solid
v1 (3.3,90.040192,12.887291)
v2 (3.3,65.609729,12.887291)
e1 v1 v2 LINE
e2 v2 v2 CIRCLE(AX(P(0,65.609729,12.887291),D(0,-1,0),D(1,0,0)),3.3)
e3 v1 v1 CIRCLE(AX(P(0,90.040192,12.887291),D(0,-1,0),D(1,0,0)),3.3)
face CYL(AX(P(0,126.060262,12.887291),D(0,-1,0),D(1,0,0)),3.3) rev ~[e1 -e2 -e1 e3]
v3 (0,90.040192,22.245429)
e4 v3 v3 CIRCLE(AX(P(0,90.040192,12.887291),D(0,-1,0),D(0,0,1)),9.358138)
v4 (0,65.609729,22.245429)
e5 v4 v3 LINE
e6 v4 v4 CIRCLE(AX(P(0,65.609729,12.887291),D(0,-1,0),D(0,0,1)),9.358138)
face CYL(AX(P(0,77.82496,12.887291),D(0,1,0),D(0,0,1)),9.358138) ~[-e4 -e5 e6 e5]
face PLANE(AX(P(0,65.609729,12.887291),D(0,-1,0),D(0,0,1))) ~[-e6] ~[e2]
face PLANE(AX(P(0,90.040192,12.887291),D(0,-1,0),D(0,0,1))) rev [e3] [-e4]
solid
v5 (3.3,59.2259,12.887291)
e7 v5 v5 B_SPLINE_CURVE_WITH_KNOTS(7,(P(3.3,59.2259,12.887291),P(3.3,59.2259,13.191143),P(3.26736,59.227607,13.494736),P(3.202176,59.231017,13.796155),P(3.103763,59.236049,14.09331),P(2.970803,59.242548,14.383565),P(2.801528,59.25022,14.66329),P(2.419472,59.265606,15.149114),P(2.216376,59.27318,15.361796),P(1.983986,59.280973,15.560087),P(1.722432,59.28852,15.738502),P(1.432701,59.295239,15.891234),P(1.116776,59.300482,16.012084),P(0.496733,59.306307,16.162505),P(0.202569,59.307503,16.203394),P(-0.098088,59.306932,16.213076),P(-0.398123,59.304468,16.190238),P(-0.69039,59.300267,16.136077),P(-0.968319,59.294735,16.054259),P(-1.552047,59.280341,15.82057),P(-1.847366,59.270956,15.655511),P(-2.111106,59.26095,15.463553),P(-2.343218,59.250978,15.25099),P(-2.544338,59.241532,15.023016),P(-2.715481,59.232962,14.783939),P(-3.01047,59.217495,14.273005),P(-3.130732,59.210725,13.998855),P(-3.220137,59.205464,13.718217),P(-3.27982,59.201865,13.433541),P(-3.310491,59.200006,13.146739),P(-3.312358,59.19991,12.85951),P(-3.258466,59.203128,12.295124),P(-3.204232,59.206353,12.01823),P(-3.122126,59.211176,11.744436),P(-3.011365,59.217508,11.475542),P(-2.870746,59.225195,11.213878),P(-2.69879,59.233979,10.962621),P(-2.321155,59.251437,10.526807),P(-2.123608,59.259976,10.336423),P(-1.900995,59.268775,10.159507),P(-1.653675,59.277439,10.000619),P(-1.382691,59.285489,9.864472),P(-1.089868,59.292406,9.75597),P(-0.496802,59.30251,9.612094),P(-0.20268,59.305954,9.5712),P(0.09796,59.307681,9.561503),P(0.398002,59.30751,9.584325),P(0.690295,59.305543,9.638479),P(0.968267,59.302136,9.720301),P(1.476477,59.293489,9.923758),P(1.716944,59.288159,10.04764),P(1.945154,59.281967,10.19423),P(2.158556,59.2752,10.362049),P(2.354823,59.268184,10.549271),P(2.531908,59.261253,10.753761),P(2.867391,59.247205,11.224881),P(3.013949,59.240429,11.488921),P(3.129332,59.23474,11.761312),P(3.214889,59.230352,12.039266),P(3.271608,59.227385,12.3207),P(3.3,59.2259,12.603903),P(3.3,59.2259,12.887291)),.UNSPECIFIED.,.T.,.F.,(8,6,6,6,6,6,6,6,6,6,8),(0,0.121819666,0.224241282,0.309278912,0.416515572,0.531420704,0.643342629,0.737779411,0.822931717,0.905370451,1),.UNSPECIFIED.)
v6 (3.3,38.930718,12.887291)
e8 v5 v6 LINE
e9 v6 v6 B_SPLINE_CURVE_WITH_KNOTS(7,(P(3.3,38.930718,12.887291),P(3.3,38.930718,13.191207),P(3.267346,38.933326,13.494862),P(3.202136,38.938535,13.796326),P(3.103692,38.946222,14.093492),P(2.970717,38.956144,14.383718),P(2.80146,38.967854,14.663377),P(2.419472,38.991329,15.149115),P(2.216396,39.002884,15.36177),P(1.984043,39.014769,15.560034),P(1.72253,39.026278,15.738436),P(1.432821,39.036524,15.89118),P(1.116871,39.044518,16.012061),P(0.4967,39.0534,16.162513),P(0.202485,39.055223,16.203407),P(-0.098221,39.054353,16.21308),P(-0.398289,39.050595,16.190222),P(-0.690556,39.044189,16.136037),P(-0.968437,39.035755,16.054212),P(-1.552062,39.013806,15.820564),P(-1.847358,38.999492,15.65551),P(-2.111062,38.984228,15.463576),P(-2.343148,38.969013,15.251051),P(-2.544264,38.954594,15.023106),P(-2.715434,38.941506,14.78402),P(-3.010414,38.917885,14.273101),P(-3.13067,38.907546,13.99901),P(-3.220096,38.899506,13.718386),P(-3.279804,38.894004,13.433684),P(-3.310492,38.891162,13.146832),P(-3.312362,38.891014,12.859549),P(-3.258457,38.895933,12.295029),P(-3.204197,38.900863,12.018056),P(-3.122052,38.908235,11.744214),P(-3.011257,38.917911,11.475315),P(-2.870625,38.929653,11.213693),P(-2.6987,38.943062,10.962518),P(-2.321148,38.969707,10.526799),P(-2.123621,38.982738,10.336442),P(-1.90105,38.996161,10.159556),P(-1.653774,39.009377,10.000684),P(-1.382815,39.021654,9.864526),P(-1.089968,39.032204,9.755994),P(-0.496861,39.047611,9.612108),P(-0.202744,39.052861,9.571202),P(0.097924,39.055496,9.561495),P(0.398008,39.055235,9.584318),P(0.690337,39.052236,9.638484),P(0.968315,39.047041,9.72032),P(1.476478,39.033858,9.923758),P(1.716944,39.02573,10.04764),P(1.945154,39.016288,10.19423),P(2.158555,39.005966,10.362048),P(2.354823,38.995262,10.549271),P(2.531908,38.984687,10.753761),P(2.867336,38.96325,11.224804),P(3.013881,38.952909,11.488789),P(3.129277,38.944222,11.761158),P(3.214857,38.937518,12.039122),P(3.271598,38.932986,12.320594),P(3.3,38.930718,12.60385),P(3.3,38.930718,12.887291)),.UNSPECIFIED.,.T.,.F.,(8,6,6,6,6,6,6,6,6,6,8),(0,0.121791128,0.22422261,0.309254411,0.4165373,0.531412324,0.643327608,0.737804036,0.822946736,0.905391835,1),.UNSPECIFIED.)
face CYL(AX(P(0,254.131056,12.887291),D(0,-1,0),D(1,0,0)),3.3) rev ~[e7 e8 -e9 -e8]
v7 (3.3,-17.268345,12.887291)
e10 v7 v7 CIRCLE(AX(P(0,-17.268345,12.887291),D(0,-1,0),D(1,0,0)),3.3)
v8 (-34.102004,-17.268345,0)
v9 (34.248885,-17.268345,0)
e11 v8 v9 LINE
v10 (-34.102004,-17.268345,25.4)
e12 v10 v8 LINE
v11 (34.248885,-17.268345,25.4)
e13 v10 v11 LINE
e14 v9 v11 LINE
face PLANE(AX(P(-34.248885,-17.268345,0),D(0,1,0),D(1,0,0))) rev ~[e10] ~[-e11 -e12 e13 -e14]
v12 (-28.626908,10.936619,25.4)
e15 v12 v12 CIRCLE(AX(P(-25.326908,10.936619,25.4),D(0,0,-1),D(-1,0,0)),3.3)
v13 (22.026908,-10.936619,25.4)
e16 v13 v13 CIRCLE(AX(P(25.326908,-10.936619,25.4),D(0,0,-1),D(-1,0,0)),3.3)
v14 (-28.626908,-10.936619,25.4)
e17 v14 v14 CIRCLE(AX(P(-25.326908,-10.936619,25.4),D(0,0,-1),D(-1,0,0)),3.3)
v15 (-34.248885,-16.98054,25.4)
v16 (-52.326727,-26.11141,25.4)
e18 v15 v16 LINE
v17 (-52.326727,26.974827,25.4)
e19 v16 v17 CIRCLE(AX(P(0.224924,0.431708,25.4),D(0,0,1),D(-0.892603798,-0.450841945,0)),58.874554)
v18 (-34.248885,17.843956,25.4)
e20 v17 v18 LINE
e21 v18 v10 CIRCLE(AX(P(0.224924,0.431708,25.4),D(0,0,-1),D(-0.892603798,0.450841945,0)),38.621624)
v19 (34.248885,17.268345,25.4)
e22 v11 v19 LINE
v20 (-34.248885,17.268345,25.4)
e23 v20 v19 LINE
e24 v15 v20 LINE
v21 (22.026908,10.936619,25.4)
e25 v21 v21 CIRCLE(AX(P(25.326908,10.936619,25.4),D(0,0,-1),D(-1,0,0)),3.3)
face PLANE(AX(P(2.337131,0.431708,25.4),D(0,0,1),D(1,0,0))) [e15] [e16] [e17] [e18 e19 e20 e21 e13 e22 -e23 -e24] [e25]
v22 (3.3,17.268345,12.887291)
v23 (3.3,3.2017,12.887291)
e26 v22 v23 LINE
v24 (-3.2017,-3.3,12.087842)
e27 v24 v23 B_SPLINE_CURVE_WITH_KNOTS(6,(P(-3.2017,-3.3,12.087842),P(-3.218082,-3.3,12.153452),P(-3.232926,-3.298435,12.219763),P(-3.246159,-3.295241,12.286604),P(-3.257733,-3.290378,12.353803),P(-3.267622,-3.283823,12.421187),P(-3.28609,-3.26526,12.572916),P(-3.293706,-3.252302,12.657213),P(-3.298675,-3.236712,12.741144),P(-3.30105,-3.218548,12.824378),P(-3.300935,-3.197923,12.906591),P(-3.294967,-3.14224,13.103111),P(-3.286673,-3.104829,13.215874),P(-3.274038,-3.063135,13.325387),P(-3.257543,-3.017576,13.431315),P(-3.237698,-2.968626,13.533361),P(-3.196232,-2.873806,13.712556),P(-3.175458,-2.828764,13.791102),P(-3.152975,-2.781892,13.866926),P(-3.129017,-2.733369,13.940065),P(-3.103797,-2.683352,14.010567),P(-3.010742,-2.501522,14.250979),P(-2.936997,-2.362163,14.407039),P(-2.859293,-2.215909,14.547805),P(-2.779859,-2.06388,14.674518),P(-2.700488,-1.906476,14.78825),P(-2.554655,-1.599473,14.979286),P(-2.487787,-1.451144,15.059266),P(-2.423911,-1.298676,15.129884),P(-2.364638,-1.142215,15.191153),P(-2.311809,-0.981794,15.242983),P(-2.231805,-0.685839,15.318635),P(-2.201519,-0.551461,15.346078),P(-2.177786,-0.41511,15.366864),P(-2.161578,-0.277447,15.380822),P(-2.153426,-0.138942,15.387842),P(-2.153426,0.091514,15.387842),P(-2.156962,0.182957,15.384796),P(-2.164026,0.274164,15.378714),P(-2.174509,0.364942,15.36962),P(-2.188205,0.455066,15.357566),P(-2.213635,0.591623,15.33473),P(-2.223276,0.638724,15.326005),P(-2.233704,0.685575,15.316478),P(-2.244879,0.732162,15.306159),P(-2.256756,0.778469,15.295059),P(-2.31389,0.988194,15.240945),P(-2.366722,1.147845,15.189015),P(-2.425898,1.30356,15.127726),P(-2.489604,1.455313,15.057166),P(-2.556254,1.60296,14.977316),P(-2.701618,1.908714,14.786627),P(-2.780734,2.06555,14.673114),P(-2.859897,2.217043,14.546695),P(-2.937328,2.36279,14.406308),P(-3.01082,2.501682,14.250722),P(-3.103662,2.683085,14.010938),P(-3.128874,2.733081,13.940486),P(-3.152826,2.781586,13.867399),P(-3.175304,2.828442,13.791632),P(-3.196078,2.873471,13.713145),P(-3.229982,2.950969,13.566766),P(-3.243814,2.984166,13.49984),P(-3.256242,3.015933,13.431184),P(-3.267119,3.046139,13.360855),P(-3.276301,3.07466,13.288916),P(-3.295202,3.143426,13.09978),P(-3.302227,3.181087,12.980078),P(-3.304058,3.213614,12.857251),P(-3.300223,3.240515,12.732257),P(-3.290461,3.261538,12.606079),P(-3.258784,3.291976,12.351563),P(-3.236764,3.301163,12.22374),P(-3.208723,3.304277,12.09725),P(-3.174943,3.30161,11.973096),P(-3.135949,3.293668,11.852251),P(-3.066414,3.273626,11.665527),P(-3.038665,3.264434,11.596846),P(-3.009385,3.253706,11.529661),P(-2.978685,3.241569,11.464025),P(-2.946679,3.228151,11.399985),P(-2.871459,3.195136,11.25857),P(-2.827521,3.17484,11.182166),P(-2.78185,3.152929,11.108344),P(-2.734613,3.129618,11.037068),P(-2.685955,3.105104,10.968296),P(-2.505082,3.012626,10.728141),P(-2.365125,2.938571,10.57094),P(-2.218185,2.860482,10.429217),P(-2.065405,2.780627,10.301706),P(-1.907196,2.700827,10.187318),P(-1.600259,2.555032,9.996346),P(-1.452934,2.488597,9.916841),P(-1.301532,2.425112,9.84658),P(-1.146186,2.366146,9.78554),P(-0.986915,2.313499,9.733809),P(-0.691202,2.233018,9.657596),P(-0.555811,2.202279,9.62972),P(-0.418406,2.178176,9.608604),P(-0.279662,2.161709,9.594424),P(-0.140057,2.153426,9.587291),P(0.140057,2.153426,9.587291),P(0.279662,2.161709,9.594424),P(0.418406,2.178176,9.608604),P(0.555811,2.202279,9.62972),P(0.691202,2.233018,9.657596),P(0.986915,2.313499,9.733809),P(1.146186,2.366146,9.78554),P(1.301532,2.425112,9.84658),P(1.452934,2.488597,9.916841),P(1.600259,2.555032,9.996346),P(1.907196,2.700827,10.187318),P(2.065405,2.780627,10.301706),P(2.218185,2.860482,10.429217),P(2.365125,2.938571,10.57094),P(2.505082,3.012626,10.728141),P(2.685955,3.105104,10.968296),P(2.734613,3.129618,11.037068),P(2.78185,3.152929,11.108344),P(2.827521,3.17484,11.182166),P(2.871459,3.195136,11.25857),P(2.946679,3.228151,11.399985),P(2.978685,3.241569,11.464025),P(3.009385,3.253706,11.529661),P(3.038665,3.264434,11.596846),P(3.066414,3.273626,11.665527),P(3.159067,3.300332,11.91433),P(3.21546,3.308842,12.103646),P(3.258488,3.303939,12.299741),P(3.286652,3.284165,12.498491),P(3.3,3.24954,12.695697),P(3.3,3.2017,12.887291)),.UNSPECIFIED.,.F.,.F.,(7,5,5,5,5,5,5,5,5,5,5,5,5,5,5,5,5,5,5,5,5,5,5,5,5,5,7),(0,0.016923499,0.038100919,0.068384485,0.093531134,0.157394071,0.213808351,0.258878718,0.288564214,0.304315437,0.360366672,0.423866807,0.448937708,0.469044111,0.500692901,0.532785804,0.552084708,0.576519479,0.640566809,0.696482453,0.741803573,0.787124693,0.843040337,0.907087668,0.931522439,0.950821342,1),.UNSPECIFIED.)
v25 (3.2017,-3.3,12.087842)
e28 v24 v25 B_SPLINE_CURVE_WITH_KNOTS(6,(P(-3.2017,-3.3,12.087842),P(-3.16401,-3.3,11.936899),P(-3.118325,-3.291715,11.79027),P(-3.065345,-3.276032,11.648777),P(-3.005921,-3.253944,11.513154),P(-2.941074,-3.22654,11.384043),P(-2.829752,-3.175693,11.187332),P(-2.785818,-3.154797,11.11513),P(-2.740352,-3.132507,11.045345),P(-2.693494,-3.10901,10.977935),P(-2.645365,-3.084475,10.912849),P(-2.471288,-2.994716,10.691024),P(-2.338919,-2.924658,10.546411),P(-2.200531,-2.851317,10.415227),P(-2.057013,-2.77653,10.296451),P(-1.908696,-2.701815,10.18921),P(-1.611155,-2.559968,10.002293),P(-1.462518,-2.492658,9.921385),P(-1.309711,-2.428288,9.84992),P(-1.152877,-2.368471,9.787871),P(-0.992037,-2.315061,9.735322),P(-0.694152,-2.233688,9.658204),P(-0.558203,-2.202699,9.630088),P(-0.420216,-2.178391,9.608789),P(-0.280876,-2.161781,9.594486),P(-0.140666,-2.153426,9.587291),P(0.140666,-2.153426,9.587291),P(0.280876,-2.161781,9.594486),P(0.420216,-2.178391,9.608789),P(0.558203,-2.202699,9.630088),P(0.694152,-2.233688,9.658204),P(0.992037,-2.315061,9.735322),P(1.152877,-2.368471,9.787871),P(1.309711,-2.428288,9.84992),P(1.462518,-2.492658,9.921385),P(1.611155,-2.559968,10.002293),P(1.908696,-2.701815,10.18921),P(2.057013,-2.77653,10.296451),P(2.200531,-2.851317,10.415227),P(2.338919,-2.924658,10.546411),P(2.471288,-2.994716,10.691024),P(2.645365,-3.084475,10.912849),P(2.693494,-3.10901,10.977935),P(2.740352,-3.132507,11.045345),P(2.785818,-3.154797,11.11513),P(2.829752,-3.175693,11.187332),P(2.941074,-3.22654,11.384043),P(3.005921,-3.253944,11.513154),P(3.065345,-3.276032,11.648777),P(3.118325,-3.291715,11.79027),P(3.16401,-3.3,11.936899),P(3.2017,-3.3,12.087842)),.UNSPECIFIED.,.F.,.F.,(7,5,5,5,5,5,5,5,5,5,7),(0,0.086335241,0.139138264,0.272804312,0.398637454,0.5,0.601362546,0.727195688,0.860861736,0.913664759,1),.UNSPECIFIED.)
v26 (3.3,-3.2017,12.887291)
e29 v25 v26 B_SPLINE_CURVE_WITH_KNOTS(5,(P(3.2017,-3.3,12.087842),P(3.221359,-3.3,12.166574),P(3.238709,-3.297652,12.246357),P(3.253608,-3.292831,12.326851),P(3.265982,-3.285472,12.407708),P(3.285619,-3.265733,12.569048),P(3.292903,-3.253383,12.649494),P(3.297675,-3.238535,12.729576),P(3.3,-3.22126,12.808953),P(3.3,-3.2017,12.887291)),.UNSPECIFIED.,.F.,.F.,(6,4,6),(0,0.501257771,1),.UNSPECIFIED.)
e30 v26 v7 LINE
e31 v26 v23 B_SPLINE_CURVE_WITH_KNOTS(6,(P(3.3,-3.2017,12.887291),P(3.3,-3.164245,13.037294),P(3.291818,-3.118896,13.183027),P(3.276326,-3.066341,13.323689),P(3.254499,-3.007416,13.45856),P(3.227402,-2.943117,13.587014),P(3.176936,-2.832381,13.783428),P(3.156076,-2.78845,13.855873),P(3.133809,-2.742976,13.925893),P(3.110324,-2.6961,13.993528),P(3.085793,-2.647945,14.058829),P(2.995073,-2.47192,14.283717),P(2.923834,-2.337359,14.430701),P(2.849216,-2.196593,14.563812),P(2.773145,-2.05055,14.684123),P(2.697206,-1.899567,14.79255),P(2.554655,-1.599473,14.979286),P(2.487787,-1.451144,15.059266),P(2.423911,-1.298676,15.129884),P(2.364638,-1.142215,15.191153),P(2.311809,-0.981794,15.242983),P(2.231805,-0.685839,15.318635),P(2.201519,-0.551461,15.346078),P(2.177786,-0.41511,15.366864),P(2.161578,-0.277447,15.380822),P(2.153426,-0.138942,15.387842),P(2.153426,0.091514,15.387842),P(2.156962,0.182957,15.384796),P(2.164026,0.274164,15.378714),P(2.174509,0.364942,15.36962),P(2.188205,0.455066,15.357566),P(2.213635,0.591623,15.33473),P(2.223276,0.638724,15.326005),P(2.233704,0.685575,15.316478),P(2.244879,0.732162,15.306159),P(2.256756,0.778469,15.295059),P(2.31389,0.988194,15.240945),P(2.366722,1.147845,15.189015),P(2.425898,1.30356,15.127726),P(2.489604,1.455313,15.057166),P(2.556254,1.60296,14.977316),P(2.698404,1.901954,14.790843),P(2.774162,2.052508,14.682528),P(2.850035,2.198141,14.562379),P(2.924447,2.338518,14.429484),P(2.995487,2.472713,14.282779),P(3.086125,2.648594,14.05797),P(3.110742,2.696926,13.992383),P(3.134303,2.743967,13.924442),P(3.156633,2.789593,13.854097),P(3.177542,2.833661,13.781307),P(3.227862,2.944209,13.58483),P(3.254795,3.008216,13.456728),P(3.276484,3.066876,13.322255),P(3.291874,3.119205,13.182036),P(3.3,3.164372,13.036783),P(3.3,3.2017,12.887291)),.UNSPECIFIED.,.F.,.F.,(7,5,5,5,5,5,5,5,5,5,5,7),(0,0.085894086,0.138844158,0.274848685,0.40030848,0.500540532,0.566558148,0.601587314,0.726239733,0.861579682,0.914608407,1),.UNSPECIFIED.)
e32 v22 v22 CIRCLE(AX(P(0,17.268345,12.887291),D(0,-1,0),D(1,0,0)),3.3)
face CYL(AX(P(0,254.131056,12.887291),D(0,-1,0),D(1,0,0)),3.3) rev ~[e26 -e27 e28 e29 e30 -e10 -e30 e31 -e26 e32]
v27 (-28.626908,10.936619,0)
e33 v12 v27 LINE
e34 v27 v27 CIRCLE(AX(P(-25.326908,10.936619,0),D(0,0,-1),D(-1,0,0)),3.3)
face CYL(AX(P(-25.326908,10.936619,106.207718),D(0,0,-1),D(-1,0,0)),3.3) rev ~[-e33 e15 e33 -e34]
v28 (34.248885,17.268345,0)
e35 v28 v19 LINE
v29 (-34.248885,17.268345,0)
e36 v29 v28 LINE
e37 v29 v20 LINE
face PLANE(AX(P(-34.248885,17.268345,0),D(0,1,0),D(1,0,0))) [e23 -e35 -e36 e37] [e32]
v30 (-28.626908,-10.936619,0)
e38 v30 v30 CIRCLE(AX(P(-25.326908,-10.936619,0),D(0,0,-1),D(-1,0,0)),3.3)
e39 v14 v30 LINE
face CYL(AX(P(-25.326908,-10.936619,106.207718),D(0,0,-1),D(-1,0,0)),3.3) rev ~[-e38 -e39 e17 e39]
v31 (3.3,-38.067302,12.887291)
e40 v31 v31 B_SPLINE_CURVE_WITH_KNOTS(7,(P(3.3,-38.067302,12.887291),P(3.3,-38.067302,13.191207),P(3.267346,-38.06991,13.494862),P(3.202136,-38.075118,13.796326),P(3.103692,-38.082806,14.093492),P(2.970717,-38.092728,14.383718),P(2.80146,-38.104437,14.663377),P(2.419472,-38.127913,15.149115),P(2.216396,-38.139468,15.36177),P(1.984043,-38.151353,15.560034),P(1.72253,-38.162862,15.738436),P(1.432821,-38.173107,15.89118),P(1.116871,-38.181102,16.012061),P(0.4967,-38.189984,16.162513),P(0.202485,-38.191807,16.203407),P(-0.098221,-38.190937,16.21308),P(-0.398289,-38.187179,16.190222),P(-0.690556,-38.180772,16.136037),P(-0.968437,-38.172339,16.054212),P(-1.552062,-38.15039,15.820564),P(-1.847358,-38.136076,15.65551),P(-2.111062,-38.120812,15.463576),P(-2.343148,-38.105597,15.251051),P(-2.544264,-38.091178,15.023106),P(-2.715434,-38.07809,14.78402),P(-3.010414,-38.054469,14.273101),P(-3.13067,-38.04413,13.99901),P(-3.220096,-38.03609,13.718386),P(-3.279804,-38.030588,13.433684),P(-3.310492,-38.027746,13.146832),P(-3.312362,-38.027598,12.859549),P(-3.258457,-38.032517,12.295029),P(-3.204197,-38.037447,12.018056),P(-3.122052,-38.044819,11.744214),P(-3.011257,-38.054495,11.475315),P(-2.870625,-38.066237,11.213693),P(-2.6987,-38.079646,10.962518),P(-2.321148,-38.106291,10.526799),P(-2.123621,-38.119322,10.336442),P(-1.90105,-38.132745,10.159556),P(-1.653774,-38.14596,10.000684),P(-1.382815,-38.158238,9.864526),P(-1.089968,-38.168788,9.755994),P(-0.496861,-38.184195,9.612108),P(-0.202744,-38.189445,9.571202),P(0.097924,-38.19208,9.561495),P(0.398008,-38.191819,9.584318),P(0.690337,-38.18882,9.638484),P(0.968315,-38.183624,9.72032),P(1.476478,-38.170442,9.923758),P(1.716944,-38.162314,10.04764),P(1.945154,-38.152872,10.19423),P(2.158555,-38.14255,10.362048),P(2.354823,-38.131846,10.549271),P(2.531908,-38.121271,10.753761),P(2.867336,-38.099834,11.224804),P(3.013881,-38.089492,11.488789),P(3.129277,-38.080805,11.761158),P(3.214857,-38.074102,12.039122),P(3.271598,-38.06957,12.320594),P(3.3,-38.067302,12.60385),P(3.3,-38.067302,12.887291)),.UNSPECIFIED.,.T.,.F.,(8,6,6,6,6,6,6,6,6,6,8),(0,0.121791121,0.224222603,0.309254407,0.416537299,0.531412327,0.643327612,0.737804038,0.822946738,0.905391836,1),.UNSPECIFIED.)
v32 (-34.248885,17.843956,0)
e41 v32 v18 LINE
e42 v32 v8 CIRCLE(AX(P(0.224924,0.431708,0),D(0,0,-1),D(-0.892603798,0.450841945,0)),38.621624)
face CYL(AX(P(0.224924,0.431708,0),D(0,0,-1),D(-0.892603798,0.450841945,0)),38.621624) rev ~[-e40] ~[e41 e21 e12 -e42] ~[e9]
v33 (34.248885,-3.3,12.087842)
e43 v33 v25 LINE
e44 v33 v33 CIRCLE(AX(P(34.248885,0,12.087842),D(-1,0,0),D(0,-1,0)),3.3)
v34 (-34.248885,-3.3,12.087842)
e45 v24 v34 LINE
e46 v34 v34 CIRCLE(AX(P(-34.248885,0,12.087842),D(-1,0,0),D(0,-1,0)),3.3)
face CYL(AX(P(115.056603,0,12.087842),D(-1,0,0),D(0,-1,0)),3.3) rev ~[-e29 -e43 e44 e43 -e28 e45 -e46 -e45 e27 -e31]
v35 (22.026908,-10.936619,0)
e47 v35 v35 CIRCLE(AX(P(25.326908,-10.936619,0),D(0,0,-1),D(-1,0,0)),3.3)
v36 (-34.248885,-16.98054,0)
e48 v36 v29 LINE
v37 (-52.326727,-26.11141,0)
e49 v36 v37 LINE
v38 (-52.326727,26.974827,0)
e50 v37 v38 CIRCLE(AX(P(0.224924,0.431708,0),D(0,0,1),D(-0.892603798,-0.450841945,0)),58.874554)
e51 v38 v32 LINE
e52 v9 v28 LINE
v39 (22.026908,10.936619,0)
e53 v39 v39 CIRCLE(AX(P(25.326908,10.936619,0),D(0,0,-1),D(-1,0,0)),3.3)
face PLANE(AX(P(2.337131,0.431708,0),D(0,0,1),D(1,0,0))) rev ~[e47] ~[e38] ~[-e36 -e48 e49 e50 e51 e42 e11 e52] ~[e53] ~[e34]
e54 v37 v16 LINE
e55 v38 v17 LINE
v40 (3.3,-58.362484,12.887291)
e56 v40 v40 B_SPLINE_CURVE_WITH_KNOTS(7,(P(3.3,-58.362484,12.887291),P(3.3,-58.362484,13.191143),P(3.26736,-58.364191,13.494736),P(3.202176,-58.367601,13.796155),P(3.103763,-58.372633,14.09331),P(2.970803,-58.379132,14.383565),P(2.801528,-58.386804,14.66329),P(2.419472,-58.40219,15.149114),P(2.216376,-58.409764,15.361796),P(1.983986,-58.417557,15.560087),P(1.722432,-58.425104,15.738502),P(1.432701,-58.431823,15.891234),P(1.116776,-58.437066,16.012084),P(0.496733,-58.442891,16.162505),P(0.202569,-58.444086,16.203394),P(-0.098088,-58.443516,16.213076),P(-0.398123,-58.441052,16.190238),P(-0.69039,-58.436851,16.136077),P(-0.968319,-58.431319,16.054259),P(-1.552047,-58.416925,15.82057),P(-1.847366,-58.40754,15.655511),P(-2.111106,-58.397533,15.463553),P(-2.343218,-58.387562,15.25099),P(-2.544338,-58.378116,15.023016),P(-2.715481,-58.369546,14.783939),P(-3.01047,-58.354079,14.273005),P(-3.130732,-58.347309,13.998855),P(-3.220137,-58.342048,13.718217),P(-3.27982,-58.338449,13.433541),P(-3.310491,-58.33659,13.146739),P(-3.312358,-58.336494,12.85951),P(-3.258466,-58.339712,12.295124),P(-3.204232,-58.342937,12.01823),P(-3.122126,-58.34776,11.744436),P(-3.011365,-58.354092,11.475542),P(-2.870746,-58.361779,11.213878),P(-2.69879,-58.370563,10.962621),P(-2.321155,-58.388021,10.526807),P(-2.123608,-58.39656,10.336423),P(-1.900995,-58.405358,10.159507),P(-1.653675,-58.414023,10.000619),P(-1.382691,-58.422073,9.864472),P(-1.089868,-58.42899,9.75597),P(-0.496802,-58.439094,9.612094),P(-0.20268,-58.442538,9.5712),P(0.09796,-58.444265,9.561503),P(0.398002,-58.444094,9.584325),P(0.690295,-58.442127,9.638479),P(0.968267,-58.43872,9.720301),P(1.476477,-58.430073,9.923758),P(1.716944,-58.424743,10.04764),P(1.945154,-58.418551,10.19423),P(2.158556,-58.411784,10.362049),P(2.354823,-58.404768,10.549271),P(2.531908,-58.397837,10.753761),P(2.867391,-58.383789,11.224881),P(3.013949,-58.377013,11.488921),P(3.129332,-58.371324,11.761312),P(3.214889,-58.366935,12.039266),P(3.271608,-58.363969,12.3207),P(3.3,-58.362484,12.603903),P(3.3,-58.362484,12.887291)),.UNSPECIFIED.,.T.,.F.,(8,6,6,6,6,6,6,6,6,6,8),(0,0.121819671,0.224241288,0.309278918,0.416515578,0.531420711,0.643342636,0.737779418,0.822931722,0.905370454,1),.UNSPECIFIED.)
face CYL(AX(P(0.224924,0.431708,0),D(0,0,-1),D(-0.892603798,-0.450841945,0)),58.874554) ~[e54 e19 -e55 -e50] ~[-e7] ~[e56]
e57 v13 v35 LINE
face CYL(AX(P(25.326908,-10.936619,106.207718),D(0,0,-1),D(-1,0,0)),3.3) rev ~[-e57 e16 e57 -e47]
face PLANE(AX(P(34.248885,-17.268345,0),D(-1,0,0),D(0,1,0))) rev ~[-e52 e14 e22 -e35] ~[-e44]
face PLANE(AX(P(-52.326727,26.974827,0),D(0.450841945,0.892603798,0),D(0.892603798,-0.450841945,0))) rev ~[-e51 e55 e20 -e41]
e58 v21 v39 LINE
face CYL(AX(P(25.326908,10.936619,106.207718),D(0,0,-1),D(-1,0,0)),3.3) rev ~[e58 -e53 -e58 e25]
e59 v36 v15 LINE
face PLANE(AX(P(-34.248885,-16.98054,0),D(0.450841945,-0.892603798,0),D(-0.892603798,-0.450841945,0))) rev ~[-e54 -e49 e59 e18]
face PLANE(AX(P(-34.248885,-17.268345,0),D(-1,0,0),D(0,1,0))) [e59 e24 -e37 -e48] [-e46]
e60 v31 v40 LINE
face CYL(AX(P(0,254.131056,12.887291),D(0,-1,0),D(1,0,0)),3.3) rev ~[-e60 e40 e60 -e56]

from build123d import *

# Parameters (mm, degrees)
F0_W     = 68.4977695346
F0_H     = 34.5366895199
F1_DEPTH = 25.4
F3_D     = 6.6
F5_D     = 6.6
F7_DEPTH = 25.4
F8_W     = 24.4304622273
F8_H     = 9.358138208
F11_D    = 6.6
F11_2_D  = 6.6


with BuildPart() as f1:
    # F0 (on Top) → F1 (new body)
    with BuildSketch(Plane.XY):
        Rectangle(F0_W, F0_H)
    extrude(amount=F1_DEPTH)

    # F3 (through all)
    with Locations(Plane.XY.offset(25.4)):
        with Locations((-25.3269076347, 10.9366187826), (25.3269076347, 10.9366187826), (25.3269076347, -10.9366187826), (-25.3269076347, -10.9366187826)):
            Hole(F3_D / 2)

    # F5 (through all)
    with Locations(Plane.YZ.offset(34.2488847673)):
        with Locations((0, 12.0878415182)):
            Hole(F5_D / 2)

    # F6 (on Top) → F7 (join)
    with BuildSketch(Plane.XY):
        with BuildLine():
            ThreePointArc((-34.2488847673, 17.8439561278), (38.8465475208, 0.4317080602), (-34.2488847673, -16.9805400074))
            Line((-34.2488847673, -16.9805400074), (-52.326727178, -26.1114104342))
            ThreePointArc((-52.326727178, -26.1114104342), (59.0994777034, 0.4317080602), (-52.326727178, 26.9748265546))
            Line((-52.326727178, 26.9748265546), (-34.2488847673, 17.8439561278))
        make_face()
    extrude(amount=F7_DEPTH)

    # F11 (through all)
    with Locations(Plane(origin=(0, 90.0401915764, 0), x_dir=(-1, 0, 0), z_dir=(0, 1, 0))):
        with Locations((0, 12.8872906789)):
            Hole(F11_D / 2)


with BuildPart() as f9:
    # F8 (on Right) → F9 (revolve)
    with BuildSketch(Plane.YZ):
        with Locations((77.8249604627, 17.5663597829)):
            Rectangle(F8_W, F8_H)
    revolve(axis=Axis((0, 77.8249604627, 12.8872906789), (0, -1, 0)))

    # F11#2 (through all)
    with Locations(Plane(origin=(0, 90.0401915764, 0), x_dir=(-1, 0, 0), z_dir=(0, 1, 0))):
        with Locations((0, 12.8872906789)):
            Hole(F11_2_D / 2)


solid = Compound([f1.part, f9.part])
